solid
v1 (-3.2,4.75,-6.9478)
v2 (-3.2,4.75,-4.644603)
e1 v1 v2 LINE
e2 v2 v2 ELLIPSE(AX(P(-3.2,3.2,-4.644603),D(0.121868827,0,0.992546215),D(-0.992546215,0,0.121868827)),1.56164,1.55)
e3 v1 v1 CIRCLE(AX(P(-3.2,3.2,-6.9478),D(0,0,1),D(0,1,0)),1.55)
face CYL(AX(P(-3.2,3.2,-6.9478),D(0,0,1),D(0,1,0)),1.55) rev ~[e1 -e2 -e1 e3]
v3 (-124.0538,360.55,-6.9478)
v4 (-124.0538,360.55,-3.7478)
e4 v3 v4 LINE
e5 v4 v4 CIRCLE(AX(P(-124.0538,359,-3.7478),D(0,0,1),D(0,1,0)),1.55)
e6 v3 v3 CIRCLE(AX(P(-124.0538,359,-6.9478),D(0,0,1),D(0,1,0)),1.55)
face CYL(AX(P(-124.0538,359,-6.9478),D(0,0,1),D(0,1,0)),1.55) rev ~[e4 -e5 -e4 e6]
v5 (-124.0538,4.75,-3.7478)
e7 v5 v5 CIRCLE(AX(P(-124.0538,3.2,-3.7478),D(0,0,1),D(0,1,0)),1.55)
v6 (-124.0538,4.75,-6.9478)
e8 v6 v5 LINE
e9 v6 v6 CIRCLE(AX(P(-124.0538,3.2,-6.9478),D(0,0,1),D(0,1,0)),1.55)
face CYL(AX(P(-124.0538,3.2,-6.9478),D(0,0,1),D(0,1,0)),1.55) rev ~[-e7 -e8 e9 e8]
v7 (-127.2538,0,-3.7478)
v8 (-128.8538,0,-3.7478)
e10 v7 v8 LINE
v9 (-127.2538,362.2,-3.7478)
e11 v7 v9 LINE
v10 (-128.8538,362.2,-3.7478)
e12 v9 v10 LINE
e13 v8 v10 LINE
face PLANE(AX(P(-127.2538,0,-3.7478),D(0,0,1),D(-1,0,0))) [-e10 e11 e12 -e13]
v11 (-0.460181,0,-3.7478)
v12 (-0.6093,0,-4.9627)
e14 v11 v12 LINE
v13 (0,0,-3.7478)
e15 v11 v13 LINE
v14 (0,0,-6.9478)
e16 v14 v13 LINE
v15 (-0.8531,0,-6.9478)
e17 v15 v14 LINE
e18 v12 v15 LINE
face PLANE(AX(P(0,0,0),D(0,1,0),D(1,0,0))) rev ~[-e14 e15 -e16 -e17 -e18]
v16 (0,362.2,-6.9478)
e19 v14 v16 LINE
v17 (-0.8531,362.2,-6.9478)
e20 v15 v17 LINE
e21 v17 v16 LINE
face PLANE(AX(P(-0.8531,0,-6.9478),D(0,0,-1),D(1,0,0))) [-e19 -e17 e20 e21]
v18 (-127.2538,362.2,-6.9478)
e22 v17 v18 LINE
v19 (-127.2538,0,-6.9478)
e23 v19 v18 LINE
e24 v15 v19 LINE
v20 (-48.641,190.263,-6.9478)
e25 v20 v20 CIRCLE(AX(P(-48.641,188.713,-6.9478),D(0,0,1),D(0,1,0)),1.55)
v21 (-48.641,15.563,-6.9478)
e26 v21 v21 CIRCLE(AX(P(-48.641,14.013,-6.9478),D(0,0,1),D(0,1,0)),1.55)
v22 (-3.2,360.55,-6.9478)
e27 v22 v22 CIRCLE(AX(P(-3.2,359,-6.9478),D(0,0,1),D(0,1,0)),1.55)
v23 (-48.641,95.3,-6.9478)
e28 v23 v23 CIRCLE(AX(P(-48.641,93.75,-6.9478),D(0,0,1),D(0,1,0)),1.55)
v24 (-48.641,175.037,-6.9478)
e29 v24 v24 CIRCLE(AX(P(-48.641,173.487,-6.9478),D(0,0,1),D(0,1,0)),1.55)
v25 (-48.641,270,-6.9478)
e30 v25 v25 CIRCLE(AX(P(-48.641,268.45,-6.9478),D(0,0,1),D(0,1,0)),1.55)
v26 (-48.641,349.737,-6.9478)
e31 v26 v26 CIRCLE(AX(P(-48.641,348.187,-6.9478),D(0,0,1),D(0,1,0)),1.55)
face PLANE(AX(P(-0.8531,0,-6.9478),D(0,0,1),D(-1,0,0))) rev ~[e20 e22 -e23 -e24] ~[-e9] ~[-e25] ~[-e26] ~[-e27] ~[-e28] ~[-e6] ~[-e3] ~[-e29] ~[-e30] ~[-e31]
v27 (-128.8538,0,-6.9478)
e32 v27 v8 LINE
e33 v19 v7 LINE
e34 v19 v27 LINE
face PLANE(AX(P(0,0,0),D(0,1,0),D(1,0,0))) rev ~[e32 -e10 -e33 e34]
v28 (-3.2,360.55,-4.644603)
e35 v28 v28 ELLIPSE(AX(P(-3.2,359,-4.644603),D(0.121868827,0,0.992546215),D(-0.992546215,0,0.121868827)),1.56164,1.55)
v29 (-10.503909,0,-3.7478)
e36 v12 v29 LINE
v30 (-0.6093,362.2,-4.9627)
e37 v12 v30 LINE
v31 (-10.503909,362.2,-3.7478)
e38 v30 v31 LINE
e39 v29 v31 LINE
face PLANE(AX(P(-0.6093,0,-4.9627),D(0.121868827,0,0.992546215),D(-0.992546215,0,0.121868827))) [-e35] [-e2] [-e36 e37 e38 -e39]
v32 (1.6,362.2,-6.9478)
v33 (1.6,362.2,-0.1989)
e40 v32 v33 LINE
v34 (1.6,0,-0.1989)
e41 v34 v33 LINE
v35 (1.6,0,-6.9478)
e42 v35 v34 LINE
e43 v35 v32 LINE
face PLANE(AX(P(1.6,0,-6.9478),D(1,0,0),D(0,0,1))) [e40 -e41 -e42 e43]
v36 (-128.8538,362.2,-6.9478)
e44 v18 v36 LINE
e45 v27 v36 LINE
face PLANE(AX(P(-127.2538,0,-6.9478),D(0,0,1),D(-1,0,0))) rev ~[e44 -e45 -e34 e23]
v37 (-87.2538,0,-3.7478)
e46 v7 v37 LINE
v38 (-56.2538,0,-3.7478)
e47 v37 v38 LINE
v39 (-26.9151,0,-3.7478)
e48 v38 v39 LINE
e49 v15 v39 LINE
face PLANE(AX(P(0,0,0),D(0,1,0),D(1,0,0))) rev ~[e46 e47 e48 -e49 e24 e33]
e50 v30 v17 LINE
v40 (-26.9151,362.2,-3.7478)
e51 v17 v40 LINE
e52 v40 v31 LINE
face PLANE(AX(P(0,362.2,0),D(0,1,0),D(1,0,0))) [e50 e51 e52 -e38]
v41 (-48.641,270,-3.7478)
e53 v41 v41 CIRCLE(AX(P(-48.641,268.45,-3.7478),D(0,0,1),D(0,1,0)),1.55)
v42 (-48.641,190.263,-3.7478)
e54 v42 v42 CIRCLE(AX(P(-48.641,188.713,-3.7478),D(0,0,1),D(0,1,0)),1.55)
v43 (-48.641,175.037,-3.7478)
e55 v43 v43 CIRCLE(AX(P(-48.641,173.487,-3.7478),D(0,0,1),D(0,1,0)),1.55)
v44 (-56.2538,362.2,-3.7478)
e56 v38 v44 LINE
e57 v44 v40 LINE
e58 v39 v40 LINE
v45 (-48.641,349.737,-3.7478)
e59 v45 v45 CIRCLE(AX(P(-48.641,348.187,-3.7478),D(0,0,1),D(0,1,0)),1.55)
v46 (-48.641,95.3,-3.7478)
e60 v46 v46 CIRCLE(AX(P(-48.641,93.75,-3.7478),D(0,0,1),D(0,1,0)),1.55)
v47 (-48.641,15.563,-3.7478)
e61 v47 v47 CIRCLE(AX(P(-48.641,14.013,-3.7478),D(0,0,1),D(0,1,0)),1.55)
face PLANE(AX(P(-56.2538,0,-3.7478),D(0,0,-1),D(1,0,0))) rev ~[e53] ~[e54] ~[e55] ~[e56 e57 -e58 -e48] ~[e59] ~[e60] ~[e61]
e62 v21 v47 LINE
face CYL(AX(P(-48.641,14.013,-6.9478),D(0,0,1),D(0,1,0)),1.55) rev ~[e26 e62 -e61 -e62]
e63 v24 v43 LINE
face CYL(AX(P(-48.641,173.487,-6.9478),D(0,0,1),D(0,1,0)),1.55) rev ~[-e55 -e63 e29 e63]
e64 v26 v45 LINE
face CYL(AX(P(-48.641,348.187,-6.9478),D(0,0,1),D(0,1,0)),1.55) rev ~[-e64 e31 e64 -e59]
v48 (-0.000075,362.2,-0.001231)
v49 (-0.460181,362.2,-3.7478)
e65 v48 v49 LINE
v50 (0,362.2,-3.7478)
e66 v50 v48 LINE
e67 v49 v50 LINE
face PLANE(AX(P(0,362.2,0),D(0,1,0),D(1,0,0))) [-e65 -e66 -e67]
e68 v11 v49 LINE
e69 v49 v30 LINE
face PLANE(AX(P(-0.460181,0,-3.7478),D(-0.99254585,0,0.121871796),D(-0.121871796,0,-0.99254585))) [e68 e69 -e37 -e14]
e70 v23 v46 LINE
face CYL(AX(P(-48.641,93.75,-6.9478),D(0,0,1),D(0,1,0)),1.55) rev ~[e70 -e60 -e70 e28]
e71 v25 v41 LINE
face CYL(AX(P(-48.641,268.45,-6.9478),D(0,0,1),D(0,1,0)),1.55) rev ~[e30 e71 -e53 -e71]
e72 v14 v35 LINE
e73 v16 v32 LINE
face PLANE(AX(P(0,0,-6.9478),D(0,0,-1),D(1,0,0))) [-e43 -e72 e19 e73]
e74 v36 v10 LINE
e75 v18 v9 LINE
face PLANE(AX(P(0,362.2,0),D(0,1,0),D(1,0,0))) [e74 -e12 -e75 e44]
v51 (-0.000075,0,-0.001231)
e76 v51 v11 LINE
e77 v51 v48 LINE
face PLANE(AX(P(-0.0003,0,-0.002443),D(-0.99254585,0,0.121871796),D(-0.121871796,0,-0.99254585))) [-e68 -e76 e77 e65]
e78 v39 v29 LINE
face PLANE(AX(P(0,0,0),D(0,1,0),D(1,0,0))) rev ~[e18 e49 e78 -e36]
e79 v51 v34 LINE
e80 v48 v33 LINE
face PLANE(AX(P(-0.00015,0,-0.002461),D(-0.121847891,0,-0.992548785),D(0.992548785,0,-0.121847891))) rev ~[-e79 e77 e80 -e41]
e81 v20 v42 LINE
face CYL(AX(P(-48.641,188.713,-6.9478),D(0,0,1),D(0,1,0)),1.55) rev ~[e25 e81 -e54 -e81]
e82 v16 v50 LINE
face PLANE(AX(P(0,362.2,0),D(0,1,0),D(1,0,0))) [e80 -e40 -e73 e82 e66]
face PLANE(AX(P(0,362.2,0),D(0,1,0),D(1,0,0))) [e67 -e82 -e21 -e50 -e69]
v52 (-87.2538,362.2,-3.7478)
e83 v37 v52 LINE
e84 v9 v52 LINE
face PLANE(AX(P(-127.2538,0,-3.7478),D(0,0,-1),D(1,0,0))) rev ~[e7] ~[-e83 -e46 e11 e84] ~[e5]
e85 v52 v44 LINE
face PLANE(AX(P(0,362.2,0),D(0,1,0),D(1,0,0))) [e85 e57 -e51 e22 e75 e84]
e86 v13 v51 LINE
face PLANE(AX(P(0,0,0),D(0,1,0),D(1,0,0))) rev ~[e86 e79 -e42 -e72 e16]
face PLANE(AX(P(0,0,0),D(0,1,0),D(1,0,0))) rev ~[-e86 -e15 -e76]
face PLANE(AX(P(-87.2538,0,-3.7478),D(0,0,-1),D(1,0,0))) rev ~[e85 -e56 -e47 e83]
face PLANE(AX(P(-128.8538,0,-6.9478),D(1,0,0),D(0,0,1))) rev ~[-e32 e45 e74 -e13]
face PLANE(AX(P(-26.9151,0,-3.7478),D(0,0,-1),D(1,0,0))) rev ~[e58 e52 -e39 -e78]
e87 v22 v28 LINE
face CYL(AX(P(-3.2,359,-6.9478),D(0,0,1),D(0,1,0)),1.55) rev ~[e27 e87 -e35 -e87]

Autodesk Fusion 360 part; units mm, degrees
sketch "Sketch1" plane through (0, 0, 0) normal (0, 1, 0) x (1, 0, 0)
  line L0 (0, 0) -> (-127.2538, 0)
  line L1 (-127.2538, 0) -> (-127.2538, -15.6248)
  line L2 (-127.2538, -15.6248) -> (0, 0)
  line L3 (-127.2538, 0) -> (-0.0202, 0)
  line L4 (0, 0) -> (-0.8531, 6.9478)
  line L5 (-0.8531, 6.9478) -> (-127.2538, -8.5722)
  line L6 (-127.2538, 6.9478) -> (-127.2538, -15.6248)
  line L7 (-127.2538, -8.5722) -> (-126.4008, -15.5201)
  line L8 (-0.8531, 6.9478) -> (-127.2538, 6.9478)
  line L9 (-0.8531, 6.9478) -> (0, 6.9478)
  line L10 (0, 6.9478) -> (0, 0)
  line L11 (-127.2538, 3.7478) -> (0, 3.7478)
  line L12 (-127.2538, 0.7478) -> (-56.2538, 0.7478)
  line L13 (-127.2538, 6.9478) -> (-128.8538, 6.9478)
  line L14 (0, 6.9478) -> (1.6, 6.9478)
  line L15 (1.6, 6.9478) -> (1.6, 0.1989)
  line L16 (-0.0202, 0) -> (1.6, 0.1989)
  line L17 (-128.8538, 6.9478) -> (-128.8538, -15.8213)
  line L18 (-127.2538, -15.6248) -> (-128.8538, -15.8213)
  line L19 (-0.6093, 4.9627) -> (-127.0101, -10.5573)
  line L20 (-87.2538, -3.6609) -> (-87.2538, 3.7478)
  line L21 (-56.2538, 3.7478) -> (-56.2538, 0.7478)
  line L22 (-127.2538, 3.7478) -> (-128.8538, 3.7478)
  circle A0 centre (-41.0275, 0) radius 2.1736
  dimension "d2" = 7
  dimension "d7" = 7
  dimension "d16" = 127.35
  dimension "d17" = 3.2
  dimension "d18" = 71
  dimension "d19" = 1.6
  dimension "d20" = 1.6
  dimension "d21" = 2
  dimension "d28" = 40
  dimension "d29" = 3
extrude "Extrude1" add sketch "Sketch1" along normal blind 362.2 contours L4 L10 L11 | L10 L14 L15 L16 | L4 L9 L10 L11 | L4 L5 L11 L19 | L5 L6 L8 L11 | L6 L13 L17 L22
sketch "Sketch2" plane through (0, 362.2, 0) normal (0, 1, 0) x (-1, 0, 0)
  line L0 (128.8538, -3.7478) -> (10.504, -3.7478)
  line L1 (0.0003, -0.0024) -> (-1.6, -0.1989)
  line L2 (-1.6, -0.1989) -> (-1.6, -6.9478)
  line L3 (-1.6, -6.9478) -> (128.8538, -6.9478)
  line L4 (128.8538, -6.9478) -> (128.8538, -3.7478)
  line L5 (0.0003, -0.0024) -> (-1.6, -0.1989)
  line L6 (-1.6, -0.1989) -> (-1.6, -6.9478)
  line L7 (-1.6, -6.9478) -> (128.8538, -6.9478)
  line L8 (128.8538, -6.9478) -> (128.8538, -3.7478)
  line L9 (128.8538, -3.7478) -> (0.0003, -0.0024)
  line L10 (0.6093, -4.9627) -> (0.0003, -0.0024)
  line L11 (10.504, -3.7478) -> (0.6093, -4.9627)
sketch "Sketch3" plane through (0, 0, -6.9478) normal (0, 0, -1) x (1, 0, 0)
  line L0 (1.6, 0) -> (-128.8538, 0)
  line L1 (-128.8538, 0) -> (-128.8538, -362.2)
  line L2 (-128.8538, -362.2) -> (1.6, -362.2)
  line L3 (1.6, -362.2) -> (1.6, 0)
  line L4 (1.6, -362.2) -> (-128.8538, -362.2)
  line L5 (-128.8538, -362.2) -> (-128.8538, 0)
  line L6 (-128.8538, 0) -> (1.6, 0)
  line L7 (1.6, 0) -> (1.6, -362.2)
  circle A0 centre (-124.0538, -3.2) radius 1.55
  circle A1 centre (-3.2, -3.2) radius 1.55
  circle A2 centre (-3.2, -359) radius 1.55
  circle A3 centre (-124.0538, -359) radius 1.55
  line L8 (-48.641, 0) -> (-48.641, -362.2)
  line L9 (-128.8538, -181.1) -> (1.6, -181.1)
  line L10 (-48.641, -268.45) -> (1.6, -268.45)
  circle A4 centre (-48.641, -268.45) radius 1.55
  circle A5 centre (-48.641, -348.187) radius 1.55
  line L11 (-128.8538, -362.2) -> (-0.0003, -362.2)
  circle A6 centre (-48.641, -188.713) radius 1.55
  circle A7 centre (-48.641, -173.487) radius 1.55
  line L12 (-48.641, -93.75) -> (1.6, -93.75)
  circle A8 centre (-48.641, -93.75) radius 1.55
  circle A9 centre (-48.641, -14.013) radius 1.55
  line L13 (-127.2538, 0) -> (0, 0)
  dimension "d30" = 3.1
  dimension "d31" = 3.2
  dimension "d32" = 4.8
  dimension "d33" = 3.1
  dimension "d34" = 4.8
  dimension "d35" = 3.2
  dimension "d36" = 3.1
  dimension "d37" = 4.8
  dimension "d38" = 3.2
  dimension "d39" = 3.1
  dimension "d40" = 4.8
  dimension "d41" = 3.2
  dimension "d43" = 181.1
  dimension "d44" = 87.35
  dimension "d45" = 50.241
  dimension "d46" = 3.1
  dimension "d47" = 3.1
  dimension "d48" = 14.013
  dimension "d49" = 3.1
  dimension "d50" = 7.613
  dimension "d51" = 3.1
  dimension "d52" = 7.613
  dimension "d53" = 87.35
  dimension "d54" = 3.1
  dimension "d55" = 3.1
  dimension "d56" = 14.013
hole "Hole1" at (-48.641, 173.487, -6.9478) direction (0, 0, 1) diameter 3.1 end through all
hole "Hole2" at (-48.641, 348.187, -6.9478) direction (0, 0, 1) diameter 3.1 end through all
hole "Hole3" at (-48.641, 268.45, -6.9478) direction (0, 0, 1) diameter 3.1 end through all
hole "Hole4" at (-48.641, 188.713, -6.9478) direction (0, 0, 1) diameter 3.1 end through all
hole "Hole5" at (-48.641, 93.75, -6.9478) direction (0, 0, 1) diameter 3.1 end through all
hole "Hole6" at (-48.641, 14.013, -6.9478) direction (0, 0, 1) diameter 3.1 end through all
hole "Hole7" at (-3.2, 359, -6.9478) direction (0, 0, 1) diameter 3.1 end through all
hole "Hole8" at (-124.0538, 359, -6.9478) direction (0, 0, 1) diameter 3.1 end through all
hole "Hole9" at (-3.2, 3.2, -6.9478) direction (0, 0, 1) diameter 3.1 end through all
hole "Hole10" at (-124.0538, 3.2, -6.9478) direction (0, 0, 1) diameter 3.1 end through all
